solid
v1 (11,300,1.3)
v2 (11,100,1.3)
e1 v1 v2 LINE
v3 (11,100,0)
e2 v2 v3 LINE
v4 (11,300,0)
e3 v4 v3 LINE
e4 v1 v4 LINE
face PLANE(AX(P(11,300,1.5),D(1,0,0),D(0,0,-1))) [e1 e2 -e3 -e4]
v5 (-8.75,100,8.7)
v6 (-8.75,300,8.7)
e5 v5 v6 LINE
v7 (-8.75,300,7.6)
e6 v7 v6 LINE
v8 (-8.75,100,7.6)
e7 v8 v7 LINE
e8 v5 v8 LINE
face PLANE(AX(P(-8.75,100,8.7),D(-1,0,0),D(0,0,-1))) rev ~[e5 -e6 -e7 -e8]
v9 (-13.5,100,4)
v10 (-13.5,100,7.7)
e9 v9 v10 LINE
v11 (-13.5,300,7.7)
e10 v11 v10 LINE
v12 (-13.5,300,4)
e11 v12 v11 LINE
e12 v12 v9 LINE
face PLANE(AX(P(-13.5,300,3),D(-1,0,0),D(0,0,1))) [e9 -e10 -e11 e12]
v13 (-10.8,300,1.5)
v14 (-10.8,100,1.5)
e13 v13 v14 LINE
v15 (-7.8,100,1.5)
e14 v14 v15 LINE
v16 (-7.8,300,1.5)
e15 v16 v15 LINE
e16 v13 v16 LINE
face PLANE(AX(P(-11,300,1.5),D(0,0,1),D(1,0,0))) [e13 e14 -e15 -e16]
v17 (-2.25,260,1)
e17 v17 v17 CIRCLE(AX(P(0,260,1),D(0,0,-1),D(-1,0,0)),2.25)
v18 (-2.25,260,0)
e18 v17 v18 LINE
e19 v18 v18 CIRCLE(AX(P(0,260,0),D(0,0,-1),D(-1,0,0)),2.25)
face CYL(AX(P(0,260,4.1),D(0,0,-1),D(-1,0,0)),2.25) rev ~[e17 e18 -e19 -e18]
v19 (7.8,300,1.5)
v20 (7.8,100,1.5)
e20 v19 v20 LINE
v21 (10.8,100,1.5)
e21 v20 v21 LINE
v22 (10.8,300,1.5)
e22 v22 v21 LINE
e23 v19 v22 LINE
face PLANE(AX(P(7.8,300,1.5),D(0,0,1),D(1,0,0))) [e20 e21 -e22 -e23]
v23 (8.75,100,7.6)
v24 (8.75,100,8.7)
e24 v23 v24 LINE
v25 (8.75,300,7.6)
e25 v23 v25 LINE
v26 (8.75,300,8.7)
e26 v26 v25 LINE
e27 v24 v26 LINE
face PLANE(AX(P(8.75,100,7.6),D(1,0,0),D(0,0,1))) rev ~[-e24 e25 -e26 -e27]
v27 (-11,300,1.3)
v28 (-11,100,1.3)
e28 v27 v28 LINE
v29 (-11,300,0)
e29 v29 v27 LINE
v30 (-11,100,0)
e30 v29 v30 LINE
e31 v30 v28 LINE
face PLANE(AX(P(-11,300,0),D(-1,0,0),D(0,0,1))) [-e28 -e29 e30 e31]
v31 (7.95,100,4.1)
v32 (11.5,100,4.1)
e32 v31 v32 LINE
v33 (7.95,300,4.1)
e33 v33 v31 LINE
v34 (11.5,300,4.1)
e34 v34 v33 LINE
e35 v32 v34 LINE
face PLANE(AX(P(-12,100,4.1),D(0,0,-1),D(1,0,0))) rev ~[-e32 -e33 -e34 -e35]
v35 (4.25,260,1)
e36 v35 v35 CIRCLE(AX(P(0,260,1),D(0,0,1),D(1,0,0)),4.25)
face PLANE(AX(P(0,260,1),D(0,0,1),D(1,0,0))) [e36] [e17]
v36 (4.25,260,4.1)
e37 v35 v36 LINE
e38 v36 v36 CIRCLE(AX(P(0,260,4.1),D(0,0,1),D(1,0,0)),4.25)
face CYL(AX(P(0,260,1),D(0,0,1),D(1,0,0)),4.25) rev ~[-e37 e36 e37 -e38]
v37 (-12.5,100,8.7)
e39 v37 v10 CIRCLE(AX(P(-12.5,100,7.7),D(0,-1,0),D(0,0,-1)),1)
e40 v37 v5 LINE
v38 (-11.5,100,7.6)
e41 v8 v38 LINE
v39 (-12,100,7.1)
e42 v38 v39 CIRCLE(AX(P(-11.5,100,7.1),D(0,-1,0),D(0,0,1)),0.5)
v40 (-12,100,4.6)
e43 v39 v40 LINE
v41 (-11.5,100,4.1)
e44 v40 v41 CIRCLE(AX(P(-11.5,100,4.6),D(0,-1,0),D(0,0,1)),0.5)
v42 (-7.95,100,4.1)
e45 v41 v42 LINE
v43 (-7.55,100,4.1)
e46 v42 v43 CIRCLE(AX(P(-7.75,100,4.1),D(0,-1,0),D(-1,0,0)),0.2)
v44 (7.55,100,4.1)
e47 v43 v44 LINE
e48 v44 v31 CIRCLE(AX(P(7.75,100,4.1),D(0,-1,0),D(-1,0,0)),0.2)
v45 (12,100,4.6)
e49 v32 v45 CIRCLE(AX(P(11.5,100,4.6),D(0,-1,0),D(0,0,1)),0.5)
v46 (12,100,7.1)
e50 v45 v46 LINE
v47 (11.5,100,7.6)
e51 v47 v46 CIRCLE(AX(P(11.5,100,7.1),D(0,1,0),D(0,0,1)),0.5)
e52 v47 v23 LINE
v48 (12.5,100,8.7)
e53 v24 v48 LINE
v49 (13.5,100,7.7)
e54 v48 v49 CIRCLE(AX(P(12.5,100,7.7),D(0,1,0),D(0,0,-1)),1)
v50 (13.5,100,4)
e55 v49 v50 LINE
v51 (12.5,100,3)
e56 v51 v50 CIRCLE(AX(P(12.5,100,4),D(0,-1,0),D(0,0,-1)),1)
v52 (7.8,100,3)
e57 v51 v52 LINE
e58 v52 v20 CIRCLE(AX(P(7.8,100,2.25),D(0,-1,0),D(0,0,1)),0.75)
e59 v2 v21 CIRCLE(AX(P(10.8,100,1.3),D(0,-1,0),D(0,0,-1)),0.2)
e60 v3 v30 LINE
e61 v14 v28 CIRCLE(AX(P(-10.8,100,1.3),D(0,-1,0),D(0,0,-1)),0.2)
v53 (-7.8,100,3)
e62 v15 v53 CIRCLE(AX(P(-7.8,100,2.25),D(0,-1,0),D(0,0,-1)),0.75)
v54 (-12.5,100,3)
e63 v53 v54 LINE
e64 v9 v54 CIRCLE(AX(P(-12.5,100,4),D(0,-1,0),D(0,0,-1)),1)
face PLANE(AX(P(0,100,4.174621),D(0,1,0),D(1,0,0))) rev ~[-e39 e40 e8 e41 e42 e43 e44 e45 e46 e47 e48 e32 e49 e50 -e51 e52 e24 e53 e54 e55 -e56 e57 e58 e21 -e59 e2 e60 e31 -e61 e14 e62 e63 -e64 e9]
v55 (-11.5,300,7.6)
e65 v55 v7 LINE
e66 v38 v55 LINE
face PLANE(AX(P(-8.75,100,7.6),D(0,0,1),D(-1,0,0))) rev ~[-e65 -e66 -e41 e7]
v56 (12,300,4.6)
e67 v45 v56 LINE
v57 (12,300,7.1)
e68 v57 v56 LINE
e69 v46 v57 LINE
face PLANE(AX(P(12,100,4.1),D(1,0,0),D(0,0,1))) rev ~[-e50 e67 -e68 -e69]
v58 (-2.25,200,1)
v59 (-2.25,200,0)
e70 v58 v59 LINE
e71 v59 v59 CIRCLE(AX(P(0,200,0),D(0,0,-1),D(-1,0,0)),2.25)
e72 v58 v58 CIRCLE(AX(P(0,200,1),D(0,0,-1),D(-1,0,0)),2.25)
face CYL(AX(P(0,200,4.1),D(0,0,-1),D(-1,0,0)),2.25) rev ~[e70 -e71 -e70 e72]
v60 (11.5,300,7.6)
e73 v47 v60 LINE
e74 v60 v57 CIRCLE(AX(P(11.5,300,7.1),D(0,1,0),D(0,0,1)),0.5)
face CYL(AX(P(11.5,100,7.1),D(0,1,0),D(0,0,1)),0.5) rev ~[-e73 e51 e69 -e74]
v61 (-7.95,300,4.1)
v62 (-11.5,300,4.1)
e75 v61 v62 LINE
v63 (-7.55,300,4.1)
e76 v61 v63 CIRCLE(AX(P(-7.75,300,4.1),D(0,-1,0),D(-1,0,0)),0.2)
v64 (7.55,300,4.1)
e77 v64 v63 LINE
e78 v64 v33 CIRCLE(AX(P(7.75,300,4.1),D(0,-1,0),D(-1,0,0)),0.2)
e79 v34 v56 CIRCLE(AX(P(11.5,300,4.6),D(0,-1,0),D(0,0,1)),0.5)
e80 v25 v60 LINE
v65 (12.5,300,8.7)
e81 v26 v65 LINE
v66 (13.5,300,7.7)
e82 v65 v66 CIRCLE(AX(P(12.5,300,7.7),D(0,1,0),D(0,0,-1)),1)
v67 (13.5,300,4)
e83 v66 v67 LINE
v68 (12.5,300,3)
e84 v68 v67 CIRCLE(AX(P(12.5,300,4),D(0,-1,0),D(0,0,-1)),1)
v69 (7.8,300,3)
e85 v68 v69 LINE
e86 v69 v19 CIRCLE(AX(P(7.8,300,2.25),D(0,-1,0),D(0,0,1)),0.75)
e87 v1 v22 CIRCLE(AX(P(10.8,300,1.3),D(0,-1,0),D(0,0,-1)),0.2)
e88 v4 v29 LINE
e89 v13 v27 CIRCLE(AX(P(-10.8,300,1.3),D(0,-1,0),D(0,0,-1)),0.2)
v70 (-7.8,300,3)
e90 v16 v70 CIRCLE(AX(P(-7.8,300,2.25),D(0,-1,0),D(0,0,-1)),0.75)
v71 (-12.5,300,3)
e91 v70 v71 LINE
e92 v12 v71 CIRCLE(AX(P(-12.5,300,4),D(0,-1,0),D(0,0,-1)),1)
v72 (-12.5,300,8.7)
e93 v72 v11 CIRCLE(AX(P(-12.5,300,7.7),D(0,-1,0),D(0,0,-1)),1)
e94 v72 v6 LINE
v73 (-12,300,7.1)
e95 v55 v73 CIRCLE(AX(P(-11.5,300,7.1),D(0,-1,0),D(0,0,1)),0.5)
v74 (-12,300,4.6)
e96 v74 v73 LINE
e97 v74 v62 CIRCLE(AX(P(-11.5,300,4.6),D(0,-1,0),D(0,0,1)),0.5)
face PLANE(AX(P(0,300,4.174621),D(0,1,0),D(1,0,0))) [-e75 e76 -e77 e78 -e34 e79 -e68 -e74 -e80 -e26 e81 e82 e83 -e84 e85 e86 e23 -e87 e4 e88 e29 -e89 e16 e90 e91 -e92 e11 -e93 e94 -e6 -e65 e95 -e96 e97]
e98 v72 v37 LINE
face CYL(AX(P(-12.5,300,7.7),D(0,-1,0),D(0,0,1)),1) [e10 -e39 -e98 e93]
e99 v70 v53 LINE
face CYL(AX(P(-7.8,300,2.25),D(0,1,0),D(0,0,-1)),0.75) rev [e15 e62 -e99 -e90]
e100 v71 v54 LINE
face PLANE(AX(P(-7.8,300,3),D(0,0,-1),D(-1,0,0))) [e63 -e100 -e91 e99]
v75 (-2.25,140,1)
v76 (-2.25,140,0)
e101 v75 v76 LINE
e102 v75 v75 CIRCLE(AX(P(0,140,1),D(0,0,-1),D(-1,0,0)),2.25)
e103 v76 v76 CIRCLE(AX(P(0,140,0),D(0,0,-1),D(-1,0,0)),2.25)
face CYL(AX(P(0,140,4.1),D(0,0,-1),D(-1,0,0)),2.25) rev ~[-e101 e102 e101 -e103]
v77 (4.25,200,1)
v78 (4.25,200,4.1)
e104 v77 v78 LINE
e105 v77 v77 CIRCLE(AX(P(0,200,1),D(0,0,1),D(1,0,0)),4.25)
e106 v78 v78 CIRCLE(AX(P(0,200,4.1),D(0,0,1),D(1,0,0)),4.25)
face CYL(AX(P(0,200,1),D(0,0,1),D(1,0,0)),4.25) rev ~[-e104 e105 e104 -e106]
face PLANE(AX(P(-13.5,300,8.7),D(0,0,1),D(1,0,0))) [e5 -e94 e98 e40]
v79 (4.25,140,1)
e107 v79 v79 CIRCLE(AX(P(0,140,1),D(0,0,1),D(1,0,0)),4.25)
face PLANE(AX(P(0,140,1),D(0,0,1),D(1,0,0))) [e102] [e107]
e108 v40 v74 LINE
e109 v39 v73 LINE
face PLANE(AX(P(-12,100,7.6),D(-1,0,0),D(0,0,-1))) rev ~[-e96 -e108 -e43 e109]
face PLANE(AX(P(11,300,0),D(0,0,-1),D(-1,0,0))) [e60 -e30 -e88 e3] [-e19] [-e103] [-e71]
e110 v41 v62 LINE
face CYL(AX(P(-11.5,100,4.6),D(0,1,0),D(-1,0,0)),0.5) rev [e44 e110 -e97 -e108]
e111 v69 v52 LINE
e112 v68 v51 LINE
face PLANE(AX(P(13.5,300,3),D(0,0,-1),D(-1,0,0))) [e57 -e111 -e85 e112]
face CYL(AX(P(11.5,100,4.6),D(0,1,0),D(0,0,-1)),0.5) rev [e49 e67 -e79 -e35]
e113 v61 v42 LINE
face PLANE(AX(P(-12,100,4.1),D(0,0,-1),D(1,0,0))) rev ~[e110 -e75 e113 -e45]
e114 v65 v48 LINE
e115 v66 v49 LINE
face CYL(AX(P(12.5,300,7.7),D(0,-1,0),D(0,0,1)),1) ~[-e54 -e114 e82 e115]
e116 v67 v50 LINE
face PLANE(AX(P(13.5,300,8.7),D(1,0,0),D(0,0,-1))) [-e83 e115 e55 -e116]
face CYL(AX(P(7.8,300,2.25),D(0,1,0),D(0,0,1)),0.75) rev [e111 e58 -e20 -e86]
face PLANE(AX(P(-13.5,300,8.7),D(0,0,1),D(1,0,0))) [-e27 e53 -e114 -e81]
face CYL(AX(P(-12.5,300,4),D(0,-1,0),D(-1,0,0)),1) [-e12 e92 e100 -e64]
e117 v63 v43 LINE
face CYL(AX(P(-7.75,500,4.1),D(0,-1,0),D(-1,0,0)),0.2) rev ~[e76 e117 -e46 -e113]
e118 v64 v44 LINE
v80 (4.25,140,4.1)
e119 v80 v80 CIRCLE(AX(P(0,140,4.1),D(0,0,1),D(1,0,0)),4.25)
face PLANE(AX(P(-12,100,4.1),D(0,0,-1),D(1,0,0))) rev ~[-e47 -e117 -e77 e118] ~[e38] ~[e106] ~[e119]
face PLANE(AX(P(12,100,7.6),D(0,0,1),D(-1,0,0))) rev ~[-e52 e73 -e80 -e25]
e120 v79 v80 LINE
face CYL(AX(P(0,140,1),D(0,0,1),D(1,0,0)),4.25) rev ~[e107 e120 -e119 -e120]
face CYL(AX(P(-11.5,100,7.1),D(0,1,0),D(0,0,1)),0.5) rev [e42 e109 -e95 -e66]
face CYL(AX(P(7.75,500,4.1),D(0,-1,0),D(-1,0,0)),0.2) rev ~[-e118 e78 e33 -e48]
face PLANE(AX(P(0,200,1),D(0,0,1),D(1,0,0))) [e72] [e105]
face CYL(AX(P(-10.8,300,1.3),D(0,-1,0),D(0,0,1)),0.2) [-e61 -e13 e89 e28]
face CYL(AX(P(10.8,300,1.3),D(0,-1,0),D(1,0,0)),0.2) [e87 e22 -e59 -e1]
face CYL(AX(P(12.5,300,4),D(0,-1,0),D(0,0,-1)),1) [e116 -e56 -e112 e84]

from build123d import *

# Parameters (mm, degrees)
BOSS_EXTRUDE1_DEPTH                              = 200
CUT_EXTRUDE1_DEPTH                               = 201
F_0_4_0_4_DIAMETER_HOLE1_D                       = 0.4
F_0_4_0_4_DIAMETER_HOLE1_DEPTH                   = 200
CBORE_FOR_M4_HEX_HEAD_MACHINE_SCREW1_D           = 4.5
CBORE_FOR_M4_HEX_HEAD_MACHINE_SCREW1_DEPTH       = 4.1
CBORE_FOR_M4_HEX_HEAD_MACHINE_SCREW1_CBORE_D     = 8.5
CBORE_FOR_M4_HEX_HEAD_MACHINE_SCREW1_CBORE_DEPTH = 3.1
FILLET1_R                                        = 0.2
FILLET2_R                                        = 0.5
FILLET3_R                                        = 1


with BuildPart() as part:
    # Sketch1 → Boss-Extrude1 (new body)
    with BuildSketch(Plane(origin=(0, 300, 0), x_dir=(1, 0, 0), z_dir=(0, 1, 0))):
        with BuildLine():
            Line((-13.5, -3), (-13.5, -8.7))
            Line((-13.5, -8.7), (13.5, -8.7))
            Line((13.5, -8.7), (13.5, -3))
            Line((13.5, -3), (7.8, -3))
            ThreePointArc((7.8, -3), (7.05, -2.25), (7.8, -1.5))
            Line((7.8, -1.5), (11, -1.5))
            Line((11, -1.5), (11, 0))
            Line((11, 0), (-11, 0))
            Line((-11, 0), (-11, -1.5))
            Line((-11, -1.5), (-7.8, -1.5))
            ThreePointArc((-7.8, -1.5), (-7.05, -2.25), (-7.8, -3))
            Line((-7.8, -3), (-13.5, -3))
        make_face()
    extrude(amount=-BOSS_EXTRUDE1_DEPTH)

    # Sketch2 → Cut-Extrude1 (cut, through all)
    with BuildSketch(Plane.XZ.offset(-100)):
        Polygon((8.75, 8.7), (-8.75, 8.7), (-8.75, 7.6), (-12, 7.6), (-12, 4.1), (12, 4.1), (12, 7.6), (8.75, 7.6), align=None)
    extrude(amount=-CUT_EXTRUDE1_DEPTH, mode=Mode.SUBTRACT)

    # Ø0.4 (0.4) Diameter Hole1
    with Locations(Plane(origin=(0, 300, 0), x_dir=(1, 0, 0), z_dir=(0, 1, 0))):
        with Locations((-7.75, -4.1), (7.75, -4.1)):
            Hole(F_0_4_0_4_DIAMETER_HOLE1_D / 2, depth=F_0_4_0_4_DIAMETER_HOLE1_DEPTH)

    # CBORE for M4 Hex Head Machine Screw1
    with Locations(Plane.XY.offset(4.1)):
        with Locations((0, 260), (0, 200), (0, 140), (0, 80), (0, 20)):
            CounterBoreHole(CBORE_FOR_M4_HEX_HEAD_MACHINE_SCREW1_D / 2, CBORE_FOR_M4_HEX_HEAD_MACHINE_SCREW1_CBORE_D / 2, CBORE_FOR_M4_HEX_HEAD_MACHINE_SCREW1_CBORE_DEPTH, depth=CBORE_FOR_M4_HEX_HEAD_MACHINE_SCREW1_DEPTH)

    # Fillet1
    fillet1_edges = [part.edges().sort_by_distance(p)[0] for p in [
        (-11, 200, 1.5),
        (11, 200, 1.5),
    ]]
    fillet(fillet1_edges, radius=FILLET1_R)

    # Fillet2
    fillet2_edges = [part.edges().sort_by_distance(p)[0] for p in [
        (12, 200, 7.6),
        (12, 200, 4.1),
        (-12, 200, 4.1),
        (-12, 200, 7.6),
    ]]
    fillet(fillet2_edges, radius=FILLET2_R)

    # Fillet3
    fillet3_edges = [part.edges().sort_by_distance(p)[0] for p in [
        (13.5, 200, 3),
        (13.5, 200, 8.7),
        (-13.5, 200, 8.7),
        (-13.5, 200, 3),
    ]]
    fillet(fillet3_edges, radius=FILLET3_R)


solid = part.part
